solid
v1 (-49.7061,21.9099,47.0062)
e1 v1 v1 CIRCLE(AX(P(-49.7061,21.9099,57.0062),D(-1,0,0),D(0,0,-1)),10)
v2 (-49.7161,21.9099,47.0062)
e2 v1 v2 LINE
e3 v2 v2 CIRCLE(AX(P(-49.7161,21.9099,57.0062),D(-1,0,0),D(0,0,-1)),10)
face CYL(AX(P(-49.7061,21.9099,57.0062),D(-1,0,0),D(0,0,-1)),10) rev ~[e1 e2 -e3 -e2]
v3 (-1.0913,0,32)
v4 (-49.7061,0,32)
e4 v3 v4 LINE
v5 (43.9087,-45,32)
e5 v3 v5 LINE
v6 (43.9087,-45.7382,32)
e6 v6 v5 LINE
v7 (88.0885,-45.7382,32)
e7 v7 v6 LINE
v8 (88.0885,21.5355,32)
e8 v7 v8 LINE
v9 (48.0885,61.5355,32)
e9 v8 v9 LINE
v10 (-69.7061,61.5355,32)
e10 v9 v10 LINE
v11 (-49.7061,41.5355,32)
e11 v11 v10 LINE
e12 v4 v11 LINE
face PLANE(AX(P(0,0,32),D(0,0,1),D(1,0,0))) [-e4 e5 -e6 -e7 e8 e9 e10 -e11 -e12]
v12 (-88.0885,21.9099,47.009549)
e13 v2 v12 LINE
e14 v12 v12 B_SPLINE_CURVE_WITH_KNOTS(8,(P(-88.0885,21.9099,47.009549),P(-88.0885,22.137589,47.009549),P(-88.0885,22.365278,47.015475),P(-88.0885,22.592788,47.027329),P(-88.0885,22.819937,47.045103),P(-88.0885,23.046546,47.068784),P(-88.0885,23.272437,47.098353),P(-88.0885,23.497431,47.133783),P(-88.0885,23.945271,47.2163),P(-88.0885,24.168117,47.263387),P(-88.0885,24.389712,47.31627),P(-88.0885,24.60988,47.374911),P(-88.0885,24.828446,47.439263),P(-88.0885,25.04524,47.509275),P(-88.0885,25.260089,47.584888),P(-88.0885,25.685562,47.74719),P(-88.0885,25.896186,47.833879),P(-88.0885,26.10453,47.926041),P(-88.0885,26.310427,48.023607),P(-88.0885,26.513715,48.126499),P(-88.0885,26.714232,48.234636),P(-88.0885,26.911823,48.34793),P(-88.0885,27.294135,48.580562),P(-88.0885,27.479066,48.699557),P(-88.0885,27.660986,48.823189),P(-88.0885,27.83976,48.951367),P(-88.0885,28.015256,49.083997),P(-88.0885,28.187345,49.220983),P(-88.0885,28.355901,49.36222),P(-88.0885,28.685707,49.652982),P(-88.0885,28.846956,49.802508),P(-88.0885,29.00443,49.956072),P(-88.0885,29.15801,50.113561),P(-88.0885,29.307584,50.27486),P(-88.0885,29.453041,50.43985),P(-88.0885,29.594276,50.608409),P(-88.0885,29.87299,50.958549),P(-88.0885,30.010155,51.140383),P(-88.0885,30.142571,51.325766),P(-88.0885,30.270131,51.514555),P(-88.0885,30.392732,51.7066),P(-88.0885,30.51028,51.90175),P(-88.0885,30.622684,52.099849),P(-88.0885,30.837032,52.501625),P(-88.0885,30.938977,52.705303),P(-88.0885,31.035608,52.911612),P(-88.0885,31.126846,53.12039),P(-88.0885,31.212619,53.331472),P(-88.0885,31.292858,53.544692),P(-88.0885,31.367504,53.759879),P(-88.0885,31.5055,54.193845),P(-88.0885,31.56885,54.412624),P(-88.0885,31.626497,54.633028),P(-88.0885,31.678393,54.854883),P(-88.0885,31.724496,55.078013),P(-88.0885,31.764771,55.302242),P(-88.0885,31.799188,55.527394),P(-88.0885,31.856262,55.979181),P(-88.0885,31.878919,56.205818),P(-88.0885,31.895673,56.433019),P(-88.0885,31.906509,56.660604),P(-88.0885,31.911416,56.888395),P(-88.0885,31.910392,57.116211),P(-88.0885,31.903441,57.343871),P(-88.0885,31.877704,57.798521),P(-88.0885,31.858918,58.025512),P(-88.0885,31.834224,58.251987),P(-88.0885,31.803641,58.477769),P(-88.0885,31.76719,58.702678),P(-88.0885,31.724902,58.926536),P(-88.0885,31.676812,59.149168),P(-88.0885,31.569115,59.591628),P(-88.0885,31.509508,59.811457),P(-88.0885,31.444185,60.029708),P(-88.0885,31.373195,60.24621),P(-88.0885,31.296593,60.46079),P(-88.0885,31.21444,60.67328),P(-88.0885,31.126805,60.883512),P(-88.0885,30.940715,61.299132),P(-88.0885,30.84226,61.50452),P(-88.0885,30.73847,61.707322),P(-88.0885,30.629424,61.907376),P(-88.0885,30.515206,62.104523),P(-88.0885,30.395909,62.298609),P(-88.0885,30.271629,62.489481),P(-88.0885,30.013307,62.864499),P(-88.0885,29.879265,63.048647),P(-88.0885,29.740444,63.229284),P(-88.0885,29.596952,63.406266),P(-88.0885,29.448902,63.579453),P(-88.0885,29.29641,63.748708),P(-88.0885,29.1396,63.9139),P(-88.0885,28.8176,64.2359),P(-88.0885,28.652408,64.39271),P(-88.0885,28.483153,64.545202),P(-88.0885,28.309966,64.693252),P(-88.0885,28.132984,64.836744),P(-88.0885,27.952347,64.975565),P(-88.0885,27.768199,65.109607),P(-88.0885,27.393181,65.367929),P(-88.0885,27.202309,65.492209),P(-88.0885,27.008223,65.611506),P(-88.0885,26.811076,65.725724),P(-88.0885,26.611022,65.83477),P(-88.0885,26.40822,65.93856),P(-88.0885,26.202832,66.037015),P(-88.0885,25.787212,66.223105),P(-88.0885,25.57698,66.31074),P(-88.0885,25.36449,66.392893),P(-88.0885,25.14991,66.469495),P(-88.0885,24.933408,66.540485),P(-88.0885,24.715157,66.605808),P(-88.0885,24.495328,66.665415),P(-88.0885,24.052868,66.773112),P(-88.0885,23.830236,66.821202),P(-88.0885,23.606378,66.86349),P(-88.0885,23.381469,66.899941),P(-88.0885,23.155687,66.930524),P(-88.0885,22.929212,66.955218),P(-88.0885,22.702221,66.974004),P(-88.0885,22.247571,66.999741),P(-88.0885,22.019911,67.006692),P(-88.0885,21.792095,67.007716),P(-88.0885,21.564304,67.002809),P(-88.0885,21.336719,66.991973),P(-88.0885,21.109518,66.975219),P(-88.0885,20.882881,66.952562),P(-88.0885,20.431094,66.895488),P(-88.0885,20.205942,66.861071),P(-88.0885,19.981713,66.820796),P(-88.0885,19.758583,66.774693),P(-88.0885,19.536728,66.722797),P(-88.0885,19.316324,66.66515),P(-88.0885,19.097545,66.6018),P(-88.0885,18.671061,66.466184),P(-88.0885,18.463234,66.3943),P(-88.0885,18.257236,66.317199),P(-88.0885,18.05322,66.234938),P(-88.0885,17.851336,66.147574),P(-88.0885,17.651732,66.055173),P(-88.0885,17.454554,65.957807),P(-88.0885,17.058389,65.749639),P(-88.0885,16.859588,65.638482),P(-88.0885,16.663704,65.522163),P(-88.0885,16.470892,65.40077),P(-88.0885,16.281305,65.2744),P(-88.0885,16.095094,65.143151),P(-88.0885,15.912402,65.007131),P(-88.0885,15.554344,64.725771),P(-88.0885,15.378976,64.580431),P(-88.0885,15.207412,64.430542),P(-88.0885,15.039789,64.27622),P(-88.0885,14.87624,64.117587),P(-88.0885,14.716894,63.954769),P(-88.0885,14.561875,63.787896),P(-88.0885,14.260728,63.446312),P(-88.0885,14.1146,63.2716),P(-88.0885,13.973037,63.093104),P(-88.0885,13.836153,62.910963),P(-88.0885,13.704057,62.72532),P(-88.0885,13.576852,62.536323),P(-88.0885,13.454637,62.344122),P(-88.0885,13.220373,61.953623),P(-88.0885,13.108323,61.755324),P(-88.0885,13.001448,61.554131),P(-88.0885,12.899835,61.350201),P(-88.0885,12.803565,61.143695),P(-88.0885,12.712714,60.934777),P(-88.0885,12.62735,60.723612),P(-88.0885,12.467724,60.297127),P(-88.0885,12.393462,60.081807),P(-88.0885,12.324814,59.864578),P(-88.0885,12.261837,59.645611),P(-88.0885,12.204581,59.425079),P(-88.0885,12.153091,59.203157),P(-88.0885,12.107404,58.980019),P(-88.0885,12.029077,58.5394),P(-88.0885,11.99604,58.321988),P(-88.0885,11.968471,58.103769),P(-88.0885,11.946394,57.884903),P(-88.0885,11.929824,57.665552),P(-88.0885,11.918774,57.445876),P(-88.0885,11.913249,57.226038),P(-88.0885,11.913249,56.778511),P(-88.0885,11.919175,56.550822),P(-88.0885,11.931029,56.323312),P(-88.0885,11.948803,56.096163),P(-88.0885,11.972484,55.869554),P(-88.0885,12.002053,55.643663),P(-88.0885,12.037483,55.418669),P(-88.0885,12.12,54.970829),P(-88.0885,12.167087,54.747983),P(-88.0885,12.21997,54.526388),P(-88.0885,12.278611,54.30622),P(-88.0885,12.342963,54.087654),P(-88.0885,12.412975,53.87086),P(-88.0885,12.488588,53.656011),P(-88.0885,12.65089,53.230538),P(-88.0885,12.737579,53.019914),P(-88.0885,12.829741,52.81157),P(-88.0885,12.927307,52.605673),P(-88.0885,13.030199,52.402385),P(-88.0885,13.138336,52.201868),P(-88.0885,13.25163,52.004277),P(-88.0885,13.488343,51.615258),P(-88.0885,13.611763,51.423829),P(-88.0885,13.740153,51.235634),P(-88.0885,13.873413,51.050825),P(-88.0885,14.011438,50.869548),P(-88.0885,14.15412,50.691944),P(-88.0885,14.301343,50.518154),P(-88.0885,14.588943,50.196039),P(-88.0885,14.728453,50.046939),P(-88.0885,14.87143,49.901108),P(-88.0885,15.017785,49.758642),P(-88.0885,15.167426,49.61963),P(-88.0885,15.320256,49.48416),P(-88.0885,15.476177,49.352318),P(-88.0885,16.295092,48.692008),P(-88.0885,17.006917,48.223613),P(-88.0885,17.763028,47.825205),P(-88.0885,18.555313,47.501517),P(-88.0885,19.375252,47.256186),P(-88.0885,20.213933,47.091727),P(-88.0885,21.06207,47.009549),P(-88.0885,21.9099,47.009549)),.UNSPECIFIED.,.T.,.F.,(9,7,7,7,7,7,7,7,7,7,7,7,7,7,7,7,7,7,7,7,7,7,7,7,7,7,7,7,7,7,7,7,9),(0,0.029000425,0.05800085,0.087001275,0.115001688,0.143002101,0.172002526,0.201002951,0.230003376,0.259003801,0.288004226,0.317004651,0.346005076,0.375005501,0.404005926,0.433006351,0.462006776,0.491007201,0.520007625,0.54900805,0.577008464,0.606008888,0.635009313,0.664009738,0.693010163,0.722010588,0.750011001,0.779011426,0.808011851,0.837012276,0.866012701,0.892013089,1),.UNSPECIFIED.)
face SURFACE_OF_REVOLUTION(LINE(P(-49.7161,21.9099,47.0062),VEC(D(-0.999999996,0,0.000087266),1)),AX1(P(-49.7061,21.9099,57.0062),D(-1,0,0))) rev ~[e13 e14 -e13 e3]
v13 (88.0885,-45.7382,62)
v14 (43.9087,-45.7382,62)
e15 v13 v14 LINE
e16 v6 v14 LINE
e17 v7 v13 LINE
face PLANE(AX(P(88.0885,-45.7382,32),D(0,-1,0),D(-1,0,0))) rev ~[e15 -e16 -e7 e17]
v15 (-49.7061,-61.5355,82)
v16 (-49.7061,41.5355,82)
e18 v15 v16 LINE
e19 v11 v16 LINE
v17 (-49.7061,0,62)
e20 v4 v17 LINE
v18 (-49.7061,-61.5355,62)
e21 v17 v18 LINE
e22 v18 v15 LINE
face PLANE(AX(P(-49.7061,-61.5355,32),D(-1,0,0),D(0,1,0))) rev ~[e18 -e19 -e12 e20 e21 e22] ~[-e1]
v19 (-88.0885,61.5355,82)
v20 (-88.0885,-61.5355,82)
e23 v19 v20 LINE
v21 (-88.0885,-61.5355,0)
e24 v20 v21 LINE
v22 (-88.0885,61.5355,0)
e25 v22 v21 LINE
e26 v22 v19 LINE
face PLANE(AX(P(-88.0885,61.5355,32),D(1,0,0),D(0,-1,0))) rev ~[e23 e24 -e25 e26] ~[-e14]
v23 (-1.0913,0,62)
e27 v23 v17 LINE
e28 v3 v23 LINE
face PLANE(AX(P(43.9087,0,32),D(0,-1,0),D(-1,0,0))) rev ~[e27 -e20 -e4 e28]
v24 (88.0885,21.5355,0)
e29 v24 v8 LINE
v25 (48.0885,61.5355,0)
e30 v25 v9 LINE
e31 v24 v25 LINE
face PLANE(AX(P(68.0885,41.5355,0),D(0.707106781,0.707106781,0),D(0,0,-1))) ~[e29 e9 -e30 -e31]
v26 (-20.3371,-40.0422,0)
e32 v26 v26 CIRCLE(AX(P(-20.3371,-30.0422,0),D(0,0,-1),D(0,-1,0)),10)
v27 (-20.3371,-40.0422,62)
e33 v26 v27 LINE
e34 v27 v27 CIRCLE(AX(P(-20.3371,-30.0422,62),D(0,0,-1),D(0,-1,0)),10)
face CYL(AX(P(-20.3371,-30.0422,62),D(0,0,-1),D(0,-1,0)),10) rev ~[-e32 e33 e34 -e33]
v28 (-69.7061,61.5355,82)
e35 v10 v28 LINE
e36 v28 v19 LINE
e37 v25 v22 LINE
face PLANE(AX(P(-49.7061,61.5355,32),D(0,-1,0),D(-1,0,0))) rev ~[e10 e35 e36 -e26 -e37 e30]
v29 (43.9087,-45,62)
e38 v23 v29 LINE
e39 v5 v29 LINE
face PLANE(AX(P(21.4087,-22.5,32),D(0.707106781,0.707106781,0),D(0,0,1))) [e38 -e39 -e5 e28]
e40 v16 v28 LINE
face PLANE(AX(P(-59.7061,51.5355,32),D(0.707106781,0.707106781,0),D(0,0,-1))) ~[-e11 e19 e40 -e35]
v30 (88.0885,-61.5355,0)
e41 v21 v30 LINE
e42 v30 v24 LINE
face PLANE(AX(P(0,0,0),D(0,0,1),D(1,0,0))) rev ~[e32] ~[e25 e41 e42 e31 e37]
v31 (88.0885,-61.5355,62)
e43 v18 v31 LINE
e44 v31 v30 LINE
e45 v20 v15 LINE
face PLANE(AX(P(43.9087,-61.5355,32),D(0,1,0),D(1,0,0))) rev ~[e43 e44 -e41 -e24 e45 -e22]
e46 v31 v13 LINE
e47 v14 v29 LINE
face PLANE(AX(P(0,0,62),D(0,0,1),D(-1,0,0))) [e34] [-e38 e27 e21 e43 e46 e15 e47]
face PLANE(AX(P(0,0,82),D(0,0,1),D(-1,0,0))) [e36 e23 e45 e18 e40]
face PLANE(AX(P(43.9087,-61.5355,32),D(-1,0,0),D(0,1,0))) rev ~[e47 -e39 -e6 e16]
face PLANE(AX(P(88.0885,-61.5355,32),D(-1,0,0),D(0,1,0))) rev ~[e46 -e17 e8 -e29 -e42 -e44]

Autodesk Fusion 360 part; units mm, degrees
sketch "Sketch1" plane through (0, 0, 0) normal (0, 0, 1) x (1, 0, 0)
  line L0 (88.0885, 61.5355) -> (-88.0885, 61.5355)
  line L1 (-88.0885, 61.5355) -> (-88.0885, -61.5355)
  line L2 (-88.0885, -61.5355) -> (88.0885, -61.5355)
  line L3 (88.0885, -61.5355) -> (88.0885, 61.5355)
  line L4 (88.0885, 61.5355) -> (-88.0885, -61.5355) construction
  line L5 (-88.0885, 61.5355) -> (88.0885, -61.5355) construction
extrude "Extrude1" add sketch "Sketch1" along normal blind 32
chamfer "Chamfer1" distance 40 angle 45 1 edges at (88.0885, 61.5355, 16)
sketch "Sketch2" plane through (0, 0, 32) normal (0, 0, 1) x (-1, 0, 0)
  line L0 (-88.0885, -21.5355) -> (-48.0885, -61.5355)
  line L1 (-48.0885, -61.5355) -> (88.0885, -61.5355)
  line L2 (88.0885, -61.5355) -> (88.0885, 61.5355)
  line L3 (88.0885, 61.5355) -> (-88.0885, 61.5355)
  line L4 (-88.0885, 61.5355) -> (-88.0885, -21.5355)
  line L5 (88.0885, 61.5355) -> (49.7061, 61.5355)
  line L6 (49.7061, 61.5355) -> (49.7061, -61.5355)
  line L7 (49.7061, -61.5355) -> (88.0885, -61.5355)
  line L8 (88.0885, -61.5355) -> (88.0885, 61.5355)
extrude "Extrude2" add sketch "Sketch2" along normal blind 50 contours L1 L2 L3 L5 L6 L7 L8
sketch "Sketch3" plane through (0, 61.5355, 0) normal (0, 1, 0) x (-1, 0, 0)
  line L0 (-48.0885, 32) -> (-48.0885, 0)
  line L1 (-48.0885, 0) -> (88.0885, 0)
  line L2 (88.0885, 0) -> (88.0885, 82)
  line L3 (88.0885, 82) -> (49.7061, 82)
  line L4 (49.7061, 82) -> (49.7061, 32)
  line L5 (49.7061, 32) -> (-48.0885, 32)
chamfer "Chamfer2" distance 20 angle 45 1 edges at (-49.7061, 61.5355, 57)
sketch "Sketch4" plane through (0, 0, 32) normal (0, 0, 1) x (-1, 0, 0)
  line L0 (49.7061, -41.5355) -> (49.7061, 61.5355)
  line L1 (49.7061, 61.5355) -> (-88.0885, 61.5355)
  line L2 (-88.0885, 61.5355) -> (-88.0885, -21.5355)
  line L3 (-88.0885, -21.5355) -> (-48.0885, -61.5355)
  line L4 (-48.0885, -61.5355) -> (69.7061, -61.5355)
  line L5 (69.7061, -61.5355) -> (49.7061, -41.5355)
  line L6 (49.7061, 61.5355) -> (-43.9087, 61.5355)
  line L7 (-43.9087, 61.5355) -> (-43.9087, 0)
  line L8 (-43.9087, 0) -> (49.7061, 0)
  line L9 (49.7061, 0) -> (49.7061, 61.5355)
extrude "Extrude3" add sketch "Sketch4" along normal blind 30 contours L0 L1 L6 L7 L8 L9
chamfer "Chamfer3" distance 45 angle 45 1 edges at (43.9087, 0, 47)
sketch "Sketch5" plane through (0, 0, 32) normal (0, 0, 1) x (-1, 0, 0)
  line L0 (49.7061, 0) -> (1.0913, 0)
  line L1 (1.0913, 0) -> (-43.9087, 45)
  line L2 (-43.9087, 45) -> (-43.9087, 61.5355)
  line L3 (-43.9087, 61.5355) -> (-88.0885, 61.5355)
  line L4 (-88.0885, 61.5355) -> (-88.0885, -21.5355)
  line L5 (-88.0885, -21.5355) -> (-48.0885, -61.5355)
  line L6 (-48.0885, -61.5355) -> (69.7061, -61.5355)
  line L7 (69.7061, -61.5355) -> (49.7061, -41.5355)
  line L8 (49.7061, -41.5355) -> (49.7061, 0)
  line L9 (-43.9087, 61.5355) -> (-88.0885, 61.5355)
  line L10 (-88.0885, 61.5355) -> (-88.0885, 45.7382)
  line L11 (-88.0885, 45.7382) -> (-43.9087, 45.7382)
  line L12 (-43.9087, 45.7382) -> (-43.9087, 61.5355)
extrude "Extrude4" add sketch "Sketch5" along normal blind 30 contours L2 L3 L4 L9 L10 L11 L12
sketch "Sketch6" plane through (0, 0, 62) normal (0, 0, 1) x (-1, 0, 0)
  line L0 (-43.9087, 45) -> (1.0913, 0)
  line L1 (1.0913, 0) -> (49.7061, 0)
  line L2 (49.7061, 0) -> (49.7061, 61.5355)
  line L3 (49.7061, 61.5355) -> (-88.0885, 61.5355)
  line L4 (-88.0885, 61.5355) -> (-88.0885, 45.7382)
  line L5 (-88.0885, 45.7382) -> (-43.9087, 45.7382)
  line L6 (-43.9087, 45.7382) -> (-43.9087, 45)
hole "Hole1" at (-49.7061, 21.9099, 57.0062) direction (-1, 0, 0) diameter 20 depth 0.01 tip angle 0.01
hole "Hole2" at (-20.3371, -30.0422, 62) direction (0, 0, -1) diameter 20 depth 0.01
hole "Hole3" at (-20.3371, -30.0422, 61.99) direction (0, 0, -1) diameter 20 depth 80
